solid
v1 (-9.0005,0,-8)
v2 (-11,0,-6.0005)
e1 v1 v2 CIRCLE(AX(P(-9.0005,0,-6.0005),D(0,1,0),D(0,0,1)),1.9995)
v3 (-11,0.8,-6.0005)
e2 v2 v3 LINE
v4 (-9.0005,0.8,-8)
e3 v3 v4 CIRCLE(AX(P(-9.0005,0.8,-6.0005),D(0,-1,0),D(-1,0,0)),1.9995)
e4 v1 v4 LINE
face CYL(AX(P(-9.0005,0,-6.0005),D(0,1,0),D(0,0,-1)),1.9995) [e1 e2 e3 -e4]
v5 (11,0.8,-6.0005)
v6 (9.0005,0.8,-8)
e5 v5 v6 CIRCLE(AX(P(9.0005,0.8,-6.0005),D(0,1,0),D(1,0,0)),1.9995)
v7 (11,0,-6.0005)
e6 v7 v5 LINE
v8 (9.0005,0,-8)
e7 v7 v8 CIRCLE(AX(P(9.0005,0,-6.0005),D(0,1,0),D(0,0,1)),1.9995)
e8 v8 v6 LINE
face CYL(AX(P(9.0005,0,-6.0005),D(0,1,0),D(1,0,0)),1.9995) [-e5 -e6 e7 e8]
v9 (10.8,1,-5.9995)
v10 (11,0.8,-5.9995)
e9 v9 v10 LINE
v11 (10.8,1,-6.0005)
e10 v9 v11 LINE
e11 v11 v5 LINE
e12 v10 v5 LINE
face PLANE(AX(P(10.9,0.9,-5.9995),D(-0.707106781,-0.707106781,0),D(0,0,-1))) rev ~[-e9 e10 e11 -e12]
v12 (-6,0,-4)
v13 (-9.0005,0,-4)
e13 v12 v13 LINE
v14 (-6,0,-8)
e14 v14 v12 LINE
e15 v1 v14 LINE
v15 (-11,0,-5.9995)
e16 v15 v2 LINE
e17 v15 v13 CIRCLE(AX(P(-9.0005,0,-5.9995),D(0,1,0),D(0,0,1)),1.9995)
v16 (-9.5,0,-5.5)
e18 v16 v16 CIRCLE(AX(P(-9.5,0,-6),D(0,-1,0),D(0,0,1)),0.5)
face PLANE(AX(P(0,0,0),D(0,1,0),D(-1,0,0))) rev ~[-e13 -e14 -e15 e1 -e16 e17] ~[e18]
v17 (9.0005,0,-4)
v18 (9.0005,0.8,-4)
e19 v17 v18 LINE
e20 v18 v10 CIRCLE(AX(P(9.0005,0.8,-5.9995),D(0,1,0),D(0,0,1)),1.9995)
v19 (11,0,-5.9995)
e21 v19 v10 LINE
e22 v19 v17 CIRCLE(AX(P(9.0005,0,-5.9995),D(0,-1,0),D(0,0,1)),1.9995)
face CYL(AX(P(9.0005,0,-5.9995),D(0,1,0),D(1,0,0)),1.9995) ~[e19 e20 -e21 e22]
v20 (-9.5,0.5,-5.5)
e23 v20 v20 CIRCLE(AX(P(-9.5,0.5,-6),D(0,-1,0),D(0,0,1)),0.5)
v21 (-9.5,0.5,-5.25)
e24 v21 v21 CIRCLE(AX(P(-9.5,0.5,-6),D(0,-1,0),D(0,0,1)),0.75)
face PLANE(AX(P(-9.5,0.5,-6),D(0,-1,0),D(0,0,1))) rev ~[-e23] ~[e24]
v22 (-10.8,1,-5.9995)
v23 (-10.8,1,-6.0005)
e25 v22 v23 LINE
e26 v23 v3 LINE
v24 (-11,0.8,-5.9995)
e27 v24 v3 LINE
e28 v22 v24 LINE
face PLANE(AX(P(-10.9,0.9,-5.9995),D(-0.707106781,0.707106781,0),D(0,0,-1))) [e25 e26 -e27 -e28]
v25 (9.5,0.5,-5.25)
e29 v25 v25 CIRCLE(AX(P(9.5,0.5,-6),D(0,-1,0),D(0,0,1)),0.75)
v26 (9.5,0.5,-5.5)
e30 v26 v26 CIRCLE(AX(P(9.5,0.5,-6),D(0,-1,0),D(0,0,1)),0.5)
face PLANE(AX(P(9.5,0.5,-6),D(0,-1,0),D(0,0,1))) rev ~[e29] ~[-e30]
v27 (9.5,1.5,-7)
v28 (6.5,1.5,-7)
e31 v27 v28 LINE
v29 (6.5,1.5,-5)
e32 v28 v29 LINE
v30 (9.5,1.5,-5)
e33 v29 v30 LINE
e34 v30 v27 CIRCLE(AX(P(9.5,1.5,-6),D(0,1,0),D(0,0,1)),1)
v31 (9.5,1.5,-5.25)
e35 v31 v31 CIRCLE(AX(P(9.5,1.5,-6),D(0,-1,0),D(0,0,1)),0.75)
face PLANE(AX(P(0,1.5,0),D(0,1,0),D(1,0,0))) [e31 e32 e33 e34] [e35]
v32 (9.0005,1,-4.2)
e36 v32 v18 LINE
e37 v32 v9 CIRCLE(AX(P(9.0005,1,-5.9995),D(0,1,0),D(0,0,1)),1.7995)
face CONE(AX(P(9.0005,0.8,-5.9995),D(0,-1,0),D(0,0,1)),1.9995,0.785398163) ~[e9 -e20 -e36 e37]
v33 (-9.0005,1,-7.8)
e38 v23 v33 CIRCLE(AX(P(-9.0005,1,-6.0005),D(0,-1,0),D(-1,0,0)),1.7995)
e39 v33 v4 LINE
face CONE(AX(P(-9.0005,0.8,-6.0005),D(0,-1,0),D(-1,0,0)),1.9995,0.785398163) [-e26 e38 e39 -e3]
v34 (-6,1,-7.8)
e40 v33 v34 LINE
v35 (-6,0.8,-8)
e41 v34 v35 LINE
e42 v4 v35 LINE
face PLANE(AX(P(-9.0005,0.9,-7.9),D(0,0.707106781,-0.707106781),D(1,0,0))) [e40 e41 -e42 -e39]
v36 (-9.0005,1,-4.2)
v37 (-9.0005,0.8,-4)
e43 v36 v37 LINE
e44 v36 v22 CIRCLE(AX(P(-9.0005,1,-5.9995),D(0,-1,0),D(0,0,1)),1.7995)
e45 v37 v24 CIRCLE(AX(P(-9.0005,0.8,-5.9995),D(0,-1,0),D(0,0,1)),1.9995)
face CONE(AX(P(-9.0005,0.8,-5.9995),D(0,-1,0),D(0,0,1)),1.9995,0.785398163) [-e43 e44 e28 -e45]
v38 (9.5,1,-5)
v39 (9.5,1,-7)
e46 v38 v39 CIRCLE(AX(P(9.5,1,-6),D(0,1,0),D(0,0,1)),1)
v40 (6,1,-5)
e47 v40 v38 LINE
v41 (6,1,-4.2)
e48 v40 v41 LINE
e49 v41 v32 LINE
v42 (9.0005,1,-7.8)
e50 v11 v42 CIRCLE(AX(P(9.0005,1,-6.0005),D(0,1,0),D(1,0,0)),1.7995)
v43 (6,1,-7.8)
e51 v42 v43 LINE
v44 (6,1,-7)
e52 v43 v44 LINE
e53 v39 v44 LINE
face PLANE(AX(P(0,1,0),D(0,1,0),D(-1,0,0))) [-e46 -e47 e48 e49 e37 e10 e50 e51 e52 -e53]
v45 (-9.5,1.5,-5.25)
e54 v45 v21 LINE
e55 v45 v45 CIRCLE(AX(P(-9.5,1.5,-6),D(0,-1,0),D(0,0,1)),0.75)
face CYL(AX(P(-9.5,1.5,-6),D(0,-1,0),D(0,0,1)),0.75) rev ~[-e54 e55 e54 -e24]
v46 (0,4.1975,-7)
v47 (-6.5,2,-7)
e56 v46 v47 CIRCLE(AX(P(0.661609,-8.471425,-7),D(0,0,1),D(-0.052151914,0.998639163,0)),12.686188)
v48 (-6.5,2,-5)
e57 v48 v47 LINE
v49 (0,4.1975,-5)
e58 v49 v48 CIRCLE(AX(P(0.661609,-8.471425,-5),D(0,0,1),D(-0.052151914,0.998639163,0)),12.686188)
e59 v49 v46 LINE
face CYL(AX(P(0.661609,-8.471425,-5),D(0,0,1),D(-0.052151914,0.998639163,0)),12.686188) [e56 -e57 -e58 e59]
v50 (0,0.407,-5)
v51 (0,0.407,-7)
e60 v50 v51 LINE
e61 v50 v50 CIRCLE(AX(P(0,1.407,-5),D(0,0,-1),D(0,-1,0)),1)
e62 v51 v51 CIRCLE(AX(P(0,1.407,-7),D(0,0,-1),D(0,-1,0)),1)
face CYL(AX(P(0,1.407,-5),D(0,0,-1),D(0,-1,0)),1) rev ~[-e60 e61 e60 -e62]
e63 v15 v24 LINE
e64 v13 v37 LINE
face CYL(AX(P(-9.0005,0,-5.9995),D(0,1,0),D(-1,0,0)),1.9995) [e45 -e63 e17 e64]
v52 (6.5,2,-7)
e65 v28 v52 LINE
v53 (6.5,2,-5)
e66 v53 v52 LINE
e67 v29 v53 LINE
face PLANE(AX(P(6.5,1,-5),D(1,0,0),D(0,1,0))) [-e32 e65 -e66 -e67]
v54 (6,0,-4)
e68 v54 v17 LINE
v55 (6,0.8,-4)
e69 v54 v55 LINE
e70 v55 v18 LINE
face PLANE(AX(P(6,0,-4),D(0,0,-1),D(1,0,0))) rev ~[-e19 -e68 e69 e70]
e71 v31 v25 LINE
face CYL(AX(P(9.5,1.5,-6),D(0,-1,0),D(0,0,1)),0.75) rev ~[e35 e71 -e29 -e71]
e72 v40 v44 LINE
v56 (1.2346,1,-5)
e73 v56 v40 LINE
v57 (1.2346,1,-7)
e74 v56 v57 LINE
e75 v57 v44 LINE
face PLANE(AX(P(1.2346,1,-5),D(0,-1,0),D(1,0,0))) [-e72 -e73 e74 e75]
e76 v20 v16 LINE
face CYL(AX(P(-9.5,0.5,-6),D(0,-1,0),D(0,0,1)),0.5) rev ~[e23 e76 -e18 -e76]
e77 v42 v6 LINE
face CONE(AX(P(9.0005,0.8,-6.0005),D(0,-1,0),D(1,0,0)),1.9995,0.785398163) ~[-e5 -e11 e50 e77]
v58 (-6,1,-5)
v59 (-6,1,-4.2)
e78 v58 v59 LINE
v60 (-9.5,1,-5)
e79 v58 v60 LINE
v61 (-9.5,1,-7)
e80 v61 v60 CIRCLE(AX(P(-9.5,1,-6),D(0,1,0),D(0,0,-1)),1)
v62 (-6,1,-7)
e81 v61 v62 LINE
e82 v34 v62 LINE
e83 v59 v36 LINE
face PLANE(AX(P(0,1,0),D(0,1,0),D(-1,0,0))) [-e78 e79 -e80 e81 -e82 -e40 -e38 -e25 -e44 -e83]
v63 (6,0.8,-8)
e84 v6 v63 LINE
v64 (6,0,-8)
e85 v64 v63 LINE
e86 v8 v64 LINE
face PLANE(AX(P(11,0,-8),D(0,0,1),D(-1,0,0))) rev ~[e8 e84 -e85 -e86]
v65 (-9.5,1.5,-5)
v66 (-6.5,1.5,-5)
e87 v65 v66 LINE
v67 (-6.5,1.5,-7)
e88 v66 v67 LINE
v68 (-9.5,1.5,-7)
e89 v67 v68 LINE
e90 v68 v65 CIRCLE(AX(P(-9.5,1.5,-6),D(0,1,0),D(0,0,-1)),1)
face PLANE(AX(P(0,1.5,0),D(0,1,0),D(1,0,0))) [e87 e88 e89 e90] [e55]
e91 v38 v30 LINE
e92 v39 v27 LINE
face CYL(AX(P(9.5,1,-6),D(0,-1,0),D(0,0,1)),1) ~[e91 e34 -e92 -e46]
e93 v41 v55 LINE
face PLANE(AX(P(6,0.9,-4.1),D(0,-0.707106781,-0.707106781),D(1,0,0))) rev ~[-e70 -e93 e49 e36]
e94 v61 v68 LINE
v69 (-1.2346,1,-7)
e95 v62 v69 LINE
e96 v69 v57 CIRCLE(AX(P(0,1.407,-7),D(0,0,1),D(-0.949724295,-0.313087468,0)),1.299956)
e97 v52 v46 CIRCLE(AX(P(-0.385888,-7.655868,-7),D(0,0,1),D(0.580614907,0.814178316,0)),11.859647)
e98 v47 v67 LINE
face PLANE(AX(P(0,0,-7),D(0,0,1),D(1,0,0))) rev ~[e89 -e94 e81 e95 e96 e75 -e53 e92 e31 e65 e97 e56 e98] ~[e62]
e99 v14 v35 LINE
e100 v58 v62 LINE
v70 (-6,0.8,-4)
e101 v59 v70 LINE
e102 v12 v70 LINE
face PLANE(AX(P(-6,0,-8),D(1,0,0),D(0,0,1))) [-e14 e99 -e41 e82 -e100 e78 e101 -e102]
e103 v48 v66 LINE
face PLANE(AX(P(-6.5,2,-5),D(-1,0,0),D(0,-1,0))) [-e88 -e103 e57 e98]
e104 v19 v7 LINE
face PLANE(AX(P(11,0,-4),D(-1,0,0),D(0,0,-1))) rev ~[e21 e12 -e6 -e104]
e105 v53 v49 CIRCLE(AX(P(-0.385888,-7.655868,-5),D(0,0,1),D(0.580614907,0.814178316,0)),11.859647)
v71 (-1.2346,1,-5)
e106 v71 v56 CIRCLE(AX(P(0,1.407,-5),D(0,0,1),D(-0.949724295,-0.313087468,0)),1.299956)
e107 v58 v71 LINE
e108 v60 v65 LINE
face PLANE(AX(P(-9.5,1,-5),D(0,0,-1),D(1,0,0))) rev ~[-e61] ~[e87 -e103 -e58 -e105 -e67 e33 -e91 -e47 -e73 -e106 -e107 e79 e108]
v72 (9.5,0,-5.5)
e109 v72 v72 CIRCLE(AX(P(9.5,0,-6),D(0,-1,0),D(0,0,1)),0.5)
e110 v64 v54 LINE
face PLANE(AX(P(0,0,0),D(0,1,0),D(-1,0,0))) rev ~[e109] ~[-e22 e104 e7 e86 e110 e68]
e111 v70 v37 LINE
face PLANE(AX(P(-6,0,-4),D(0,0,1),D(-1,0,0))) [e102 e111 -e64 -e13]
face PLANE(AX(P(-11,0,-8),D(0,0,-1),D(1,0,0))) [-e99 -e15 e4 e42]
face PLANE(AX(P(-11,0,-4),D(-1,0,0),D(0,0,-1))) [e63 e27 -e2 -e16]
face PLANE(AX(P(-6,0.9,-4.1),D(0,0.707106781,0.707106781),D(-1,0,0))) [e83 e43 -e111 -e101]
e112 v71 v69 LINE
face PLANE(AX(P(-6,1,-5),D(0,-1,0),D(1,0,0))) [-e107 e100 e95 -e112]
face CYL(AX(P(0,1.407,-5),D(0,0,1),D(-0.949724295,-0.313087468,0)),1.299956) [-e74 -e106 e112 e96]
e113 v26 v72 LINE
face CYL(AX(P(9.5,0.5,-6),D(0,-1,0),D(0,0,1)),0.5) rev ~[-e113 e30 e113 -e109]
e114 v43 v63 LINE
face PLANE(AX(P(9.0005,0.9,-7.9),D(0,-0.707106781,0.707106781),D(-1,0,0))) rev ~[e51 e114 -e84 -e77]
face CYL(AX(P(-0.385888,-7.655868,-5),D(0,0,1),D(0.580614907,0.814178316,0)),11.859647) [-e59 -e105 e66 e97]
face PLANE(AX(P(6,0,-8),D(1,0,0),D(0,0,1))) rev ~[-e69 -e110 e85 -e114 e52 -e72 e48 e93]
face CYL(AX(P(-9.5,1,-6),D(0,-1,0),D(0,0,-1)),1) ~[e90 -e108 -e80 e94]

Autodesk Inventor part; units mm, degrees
ref_plane "YZ Plane" through (0, 0, 0) normal (1, 0, 0) x (0, 1, 0)
ref_plane "XZ Plane" through (0, 0, 0) normal (0, 1, 0) x (-1, 0, 0)
sketch "Sketch1" plane through (0, 0, 0) normal (0, 1, 0) x (-1, 0, 0)
  line L0 (11, -8) -> (6, -8)
  line L1 (6, -8) -> (6, -4)
  line L2 (6, -4) -> (11, -4)
  line L3 (11, -4) -> (11, -8)
  line L4 (-6, -4) -> (-11, -4)
  line L5 (-11, -4) -> (-11, -8)
  line L6 (-11, -8) -> (-6, -8)
  line L7 (-6, -8) -> (-6, -4)
  point P0 (0, 0)
  dimension "d0" = 5
  dimension "d1" = 4
  dimension "d2" = 6
  dimension "d3" = 4
  dimension "d4" = 5
  dimension "d5" = 4
  dimension "d6" = 6
  dimension "d7" = 4
extrude "Extrusion1" add sketch "Sketch1" along normal blind 1
ref_plane "Work Plane1" through (0, 0, -5) normal (0, 0, 1) x (1, 0, 0)
sketch "Sketch3" plane through (0, 0, -5) normal (0, 0, 1) x (1, 0, 0)
  line L0 (11, 1) -> (11, 0) projected
  line L1 (11, 0) -> (6, 0) projected
  line L2 (6, 0) -> (6, 1) projected
  line L3 (6, 1) -> (11, 1) projected
  line L4 (-6, 1) -> (-6, 0) projected
  line L5 (-6, 0) -> (-11, 0) projected
  line L6 (-11, 0) -> (-11, 1) projected
  line L7 (-11, 1) -> (-6, 1) projected
  line L8 (-6, 1) -> (-11, 1) projected
  line L9 (6.5, 1) -> (6.5, 2)
  line L10 (-6.5, 2) -> (-6.5, 1)
  arc A0 (-1.2346, 1) -> (1.2346, 1) centre (0, 1.407) ccw
  line L11 (-6.5, 1) -> (-1.2346, 1)
  line L12 (1.2346, 1) -> (6.5, 1)
  arc A1 (0, 4.1975) -> (-6.5, 2) centre (0.6617, -8.4719) ccw
  arc A2 (6.5, 2) -> (0, 4.1975) centre (-0.3857, -7.6555) ccw
  line L13 (6.5, 2) -> (6, 2)
  line L14 (-6, 2) -> (-6.5, 2)
  point P0 (0, 0)
  point P1 (6, 1)
  dimension "d11" = 13
  dimension "d12" = 1
  dimension "d13" = 6.5
  dimension "d14" = 2.6
extrude "Extrusion2" add sketch "Sketch3" against normal blind 2 contours L3 L12 A0 L11 L7 L10 A1 A2 L9
sketch "Sketch4" plane through (0, 1, 0) normal (0, 1, 0) x (1, 0, 0)
  line L0 (0, 7) -> (-6.5, 7) projected
  line L1 (-6.5, 7) -> (-9.5, 7)
  line L2 (-9.5, 7) -> (-9.5, 5)
  line L3 (-9.5, 5) -> (-6.5, 5)
  line L4 (-6.5, 5) -> (-6.5, 7)
  arc A0 (-9.5, 7) -> (-9.5, 5) centre (-9.5, 6) ccw
  line L5 (6.5, 5) -> (6, 5) projected
  line L6 (6.5, 5) -> (9.5, 5)
  line L7 (9.5, 5) -> (9.5, 7)
  line L8 (9.5, 7) -> (6.5, 7)
  line L9 (6.5, 7) -> (6.5, 5)
  arc A1 (9.5, 5) -> (9.5, 7) centre (9.5, 6) ccw
  point P0 (0, 0)
  dimension "d17" = 3
  dimension "d18" = 2
  dimension "d19" = 1
  dimension "d20" = 3
  dimension "d21" = 2
  dimension "d22" = 1
extrude "Extrusion3" add sketch "Sketch4" along normal blind 0.5
sketch "Sketch5" plane through (0, 1.5, 0) normal (0, 1, 0) x (1, 0, 0)
  arc A0 (-9.5, 7) -> (-9.5, 5) centre (-9.5, 6) ccw projected
  point P0 (0, 0)
hole "Hole1" at (-9.5, 1.5, -6) direction (0, -1, 0) diameter 1 end through all counterbore diameter 1.5 counterbore depth 1
sketch "Sketch6" plane through (0, 1.5, 0) normal (0, 1, 0) x (1, 0, 0)
  arc A0 (9.5, 5) -> (9.5, 7) centre (9.5, 6) ccw projected
  point P0 (0, 0)
hole "Hole2" at (9.5, 1.5, -6) direction (0, -1, 0) diameter 1 end through all counterbore diameter 1.5 counterbore depth 1
sketch "Sketch7" plane through (0, 0, -5) normal (0, 0, 1) x (1, 0, 0)
  arc A0 (-1.2346, 1) -> (1.2346, 1) centre (0, 1.407) ccw projected
  point P0 (0, 0)
hole "Hole3" at (0, 1.407, -5) direction (0, 0, -1) diameter 2 end through all
fillet "Fillet1" radius 2 4 edges at (-11, 0.5, -4) (-11, 0.5, -8) (11, 0.5, -8) (11, 0.5, -4)
chamfer "Chamfer1" distance 0.2 angle 45 3 edges at (-7.5003, 1, -4) (-10.4144, 1, -4.5856) (-7.5003, 1, -8)
chamfer "Chamfer2" distance 0.2 angle 45 3 edges at (7.5002, 1, -4) (10.4144, 1, -7.4144) (7.5002, 1, -8)
properties part number "camfer,fillet dan holes"
